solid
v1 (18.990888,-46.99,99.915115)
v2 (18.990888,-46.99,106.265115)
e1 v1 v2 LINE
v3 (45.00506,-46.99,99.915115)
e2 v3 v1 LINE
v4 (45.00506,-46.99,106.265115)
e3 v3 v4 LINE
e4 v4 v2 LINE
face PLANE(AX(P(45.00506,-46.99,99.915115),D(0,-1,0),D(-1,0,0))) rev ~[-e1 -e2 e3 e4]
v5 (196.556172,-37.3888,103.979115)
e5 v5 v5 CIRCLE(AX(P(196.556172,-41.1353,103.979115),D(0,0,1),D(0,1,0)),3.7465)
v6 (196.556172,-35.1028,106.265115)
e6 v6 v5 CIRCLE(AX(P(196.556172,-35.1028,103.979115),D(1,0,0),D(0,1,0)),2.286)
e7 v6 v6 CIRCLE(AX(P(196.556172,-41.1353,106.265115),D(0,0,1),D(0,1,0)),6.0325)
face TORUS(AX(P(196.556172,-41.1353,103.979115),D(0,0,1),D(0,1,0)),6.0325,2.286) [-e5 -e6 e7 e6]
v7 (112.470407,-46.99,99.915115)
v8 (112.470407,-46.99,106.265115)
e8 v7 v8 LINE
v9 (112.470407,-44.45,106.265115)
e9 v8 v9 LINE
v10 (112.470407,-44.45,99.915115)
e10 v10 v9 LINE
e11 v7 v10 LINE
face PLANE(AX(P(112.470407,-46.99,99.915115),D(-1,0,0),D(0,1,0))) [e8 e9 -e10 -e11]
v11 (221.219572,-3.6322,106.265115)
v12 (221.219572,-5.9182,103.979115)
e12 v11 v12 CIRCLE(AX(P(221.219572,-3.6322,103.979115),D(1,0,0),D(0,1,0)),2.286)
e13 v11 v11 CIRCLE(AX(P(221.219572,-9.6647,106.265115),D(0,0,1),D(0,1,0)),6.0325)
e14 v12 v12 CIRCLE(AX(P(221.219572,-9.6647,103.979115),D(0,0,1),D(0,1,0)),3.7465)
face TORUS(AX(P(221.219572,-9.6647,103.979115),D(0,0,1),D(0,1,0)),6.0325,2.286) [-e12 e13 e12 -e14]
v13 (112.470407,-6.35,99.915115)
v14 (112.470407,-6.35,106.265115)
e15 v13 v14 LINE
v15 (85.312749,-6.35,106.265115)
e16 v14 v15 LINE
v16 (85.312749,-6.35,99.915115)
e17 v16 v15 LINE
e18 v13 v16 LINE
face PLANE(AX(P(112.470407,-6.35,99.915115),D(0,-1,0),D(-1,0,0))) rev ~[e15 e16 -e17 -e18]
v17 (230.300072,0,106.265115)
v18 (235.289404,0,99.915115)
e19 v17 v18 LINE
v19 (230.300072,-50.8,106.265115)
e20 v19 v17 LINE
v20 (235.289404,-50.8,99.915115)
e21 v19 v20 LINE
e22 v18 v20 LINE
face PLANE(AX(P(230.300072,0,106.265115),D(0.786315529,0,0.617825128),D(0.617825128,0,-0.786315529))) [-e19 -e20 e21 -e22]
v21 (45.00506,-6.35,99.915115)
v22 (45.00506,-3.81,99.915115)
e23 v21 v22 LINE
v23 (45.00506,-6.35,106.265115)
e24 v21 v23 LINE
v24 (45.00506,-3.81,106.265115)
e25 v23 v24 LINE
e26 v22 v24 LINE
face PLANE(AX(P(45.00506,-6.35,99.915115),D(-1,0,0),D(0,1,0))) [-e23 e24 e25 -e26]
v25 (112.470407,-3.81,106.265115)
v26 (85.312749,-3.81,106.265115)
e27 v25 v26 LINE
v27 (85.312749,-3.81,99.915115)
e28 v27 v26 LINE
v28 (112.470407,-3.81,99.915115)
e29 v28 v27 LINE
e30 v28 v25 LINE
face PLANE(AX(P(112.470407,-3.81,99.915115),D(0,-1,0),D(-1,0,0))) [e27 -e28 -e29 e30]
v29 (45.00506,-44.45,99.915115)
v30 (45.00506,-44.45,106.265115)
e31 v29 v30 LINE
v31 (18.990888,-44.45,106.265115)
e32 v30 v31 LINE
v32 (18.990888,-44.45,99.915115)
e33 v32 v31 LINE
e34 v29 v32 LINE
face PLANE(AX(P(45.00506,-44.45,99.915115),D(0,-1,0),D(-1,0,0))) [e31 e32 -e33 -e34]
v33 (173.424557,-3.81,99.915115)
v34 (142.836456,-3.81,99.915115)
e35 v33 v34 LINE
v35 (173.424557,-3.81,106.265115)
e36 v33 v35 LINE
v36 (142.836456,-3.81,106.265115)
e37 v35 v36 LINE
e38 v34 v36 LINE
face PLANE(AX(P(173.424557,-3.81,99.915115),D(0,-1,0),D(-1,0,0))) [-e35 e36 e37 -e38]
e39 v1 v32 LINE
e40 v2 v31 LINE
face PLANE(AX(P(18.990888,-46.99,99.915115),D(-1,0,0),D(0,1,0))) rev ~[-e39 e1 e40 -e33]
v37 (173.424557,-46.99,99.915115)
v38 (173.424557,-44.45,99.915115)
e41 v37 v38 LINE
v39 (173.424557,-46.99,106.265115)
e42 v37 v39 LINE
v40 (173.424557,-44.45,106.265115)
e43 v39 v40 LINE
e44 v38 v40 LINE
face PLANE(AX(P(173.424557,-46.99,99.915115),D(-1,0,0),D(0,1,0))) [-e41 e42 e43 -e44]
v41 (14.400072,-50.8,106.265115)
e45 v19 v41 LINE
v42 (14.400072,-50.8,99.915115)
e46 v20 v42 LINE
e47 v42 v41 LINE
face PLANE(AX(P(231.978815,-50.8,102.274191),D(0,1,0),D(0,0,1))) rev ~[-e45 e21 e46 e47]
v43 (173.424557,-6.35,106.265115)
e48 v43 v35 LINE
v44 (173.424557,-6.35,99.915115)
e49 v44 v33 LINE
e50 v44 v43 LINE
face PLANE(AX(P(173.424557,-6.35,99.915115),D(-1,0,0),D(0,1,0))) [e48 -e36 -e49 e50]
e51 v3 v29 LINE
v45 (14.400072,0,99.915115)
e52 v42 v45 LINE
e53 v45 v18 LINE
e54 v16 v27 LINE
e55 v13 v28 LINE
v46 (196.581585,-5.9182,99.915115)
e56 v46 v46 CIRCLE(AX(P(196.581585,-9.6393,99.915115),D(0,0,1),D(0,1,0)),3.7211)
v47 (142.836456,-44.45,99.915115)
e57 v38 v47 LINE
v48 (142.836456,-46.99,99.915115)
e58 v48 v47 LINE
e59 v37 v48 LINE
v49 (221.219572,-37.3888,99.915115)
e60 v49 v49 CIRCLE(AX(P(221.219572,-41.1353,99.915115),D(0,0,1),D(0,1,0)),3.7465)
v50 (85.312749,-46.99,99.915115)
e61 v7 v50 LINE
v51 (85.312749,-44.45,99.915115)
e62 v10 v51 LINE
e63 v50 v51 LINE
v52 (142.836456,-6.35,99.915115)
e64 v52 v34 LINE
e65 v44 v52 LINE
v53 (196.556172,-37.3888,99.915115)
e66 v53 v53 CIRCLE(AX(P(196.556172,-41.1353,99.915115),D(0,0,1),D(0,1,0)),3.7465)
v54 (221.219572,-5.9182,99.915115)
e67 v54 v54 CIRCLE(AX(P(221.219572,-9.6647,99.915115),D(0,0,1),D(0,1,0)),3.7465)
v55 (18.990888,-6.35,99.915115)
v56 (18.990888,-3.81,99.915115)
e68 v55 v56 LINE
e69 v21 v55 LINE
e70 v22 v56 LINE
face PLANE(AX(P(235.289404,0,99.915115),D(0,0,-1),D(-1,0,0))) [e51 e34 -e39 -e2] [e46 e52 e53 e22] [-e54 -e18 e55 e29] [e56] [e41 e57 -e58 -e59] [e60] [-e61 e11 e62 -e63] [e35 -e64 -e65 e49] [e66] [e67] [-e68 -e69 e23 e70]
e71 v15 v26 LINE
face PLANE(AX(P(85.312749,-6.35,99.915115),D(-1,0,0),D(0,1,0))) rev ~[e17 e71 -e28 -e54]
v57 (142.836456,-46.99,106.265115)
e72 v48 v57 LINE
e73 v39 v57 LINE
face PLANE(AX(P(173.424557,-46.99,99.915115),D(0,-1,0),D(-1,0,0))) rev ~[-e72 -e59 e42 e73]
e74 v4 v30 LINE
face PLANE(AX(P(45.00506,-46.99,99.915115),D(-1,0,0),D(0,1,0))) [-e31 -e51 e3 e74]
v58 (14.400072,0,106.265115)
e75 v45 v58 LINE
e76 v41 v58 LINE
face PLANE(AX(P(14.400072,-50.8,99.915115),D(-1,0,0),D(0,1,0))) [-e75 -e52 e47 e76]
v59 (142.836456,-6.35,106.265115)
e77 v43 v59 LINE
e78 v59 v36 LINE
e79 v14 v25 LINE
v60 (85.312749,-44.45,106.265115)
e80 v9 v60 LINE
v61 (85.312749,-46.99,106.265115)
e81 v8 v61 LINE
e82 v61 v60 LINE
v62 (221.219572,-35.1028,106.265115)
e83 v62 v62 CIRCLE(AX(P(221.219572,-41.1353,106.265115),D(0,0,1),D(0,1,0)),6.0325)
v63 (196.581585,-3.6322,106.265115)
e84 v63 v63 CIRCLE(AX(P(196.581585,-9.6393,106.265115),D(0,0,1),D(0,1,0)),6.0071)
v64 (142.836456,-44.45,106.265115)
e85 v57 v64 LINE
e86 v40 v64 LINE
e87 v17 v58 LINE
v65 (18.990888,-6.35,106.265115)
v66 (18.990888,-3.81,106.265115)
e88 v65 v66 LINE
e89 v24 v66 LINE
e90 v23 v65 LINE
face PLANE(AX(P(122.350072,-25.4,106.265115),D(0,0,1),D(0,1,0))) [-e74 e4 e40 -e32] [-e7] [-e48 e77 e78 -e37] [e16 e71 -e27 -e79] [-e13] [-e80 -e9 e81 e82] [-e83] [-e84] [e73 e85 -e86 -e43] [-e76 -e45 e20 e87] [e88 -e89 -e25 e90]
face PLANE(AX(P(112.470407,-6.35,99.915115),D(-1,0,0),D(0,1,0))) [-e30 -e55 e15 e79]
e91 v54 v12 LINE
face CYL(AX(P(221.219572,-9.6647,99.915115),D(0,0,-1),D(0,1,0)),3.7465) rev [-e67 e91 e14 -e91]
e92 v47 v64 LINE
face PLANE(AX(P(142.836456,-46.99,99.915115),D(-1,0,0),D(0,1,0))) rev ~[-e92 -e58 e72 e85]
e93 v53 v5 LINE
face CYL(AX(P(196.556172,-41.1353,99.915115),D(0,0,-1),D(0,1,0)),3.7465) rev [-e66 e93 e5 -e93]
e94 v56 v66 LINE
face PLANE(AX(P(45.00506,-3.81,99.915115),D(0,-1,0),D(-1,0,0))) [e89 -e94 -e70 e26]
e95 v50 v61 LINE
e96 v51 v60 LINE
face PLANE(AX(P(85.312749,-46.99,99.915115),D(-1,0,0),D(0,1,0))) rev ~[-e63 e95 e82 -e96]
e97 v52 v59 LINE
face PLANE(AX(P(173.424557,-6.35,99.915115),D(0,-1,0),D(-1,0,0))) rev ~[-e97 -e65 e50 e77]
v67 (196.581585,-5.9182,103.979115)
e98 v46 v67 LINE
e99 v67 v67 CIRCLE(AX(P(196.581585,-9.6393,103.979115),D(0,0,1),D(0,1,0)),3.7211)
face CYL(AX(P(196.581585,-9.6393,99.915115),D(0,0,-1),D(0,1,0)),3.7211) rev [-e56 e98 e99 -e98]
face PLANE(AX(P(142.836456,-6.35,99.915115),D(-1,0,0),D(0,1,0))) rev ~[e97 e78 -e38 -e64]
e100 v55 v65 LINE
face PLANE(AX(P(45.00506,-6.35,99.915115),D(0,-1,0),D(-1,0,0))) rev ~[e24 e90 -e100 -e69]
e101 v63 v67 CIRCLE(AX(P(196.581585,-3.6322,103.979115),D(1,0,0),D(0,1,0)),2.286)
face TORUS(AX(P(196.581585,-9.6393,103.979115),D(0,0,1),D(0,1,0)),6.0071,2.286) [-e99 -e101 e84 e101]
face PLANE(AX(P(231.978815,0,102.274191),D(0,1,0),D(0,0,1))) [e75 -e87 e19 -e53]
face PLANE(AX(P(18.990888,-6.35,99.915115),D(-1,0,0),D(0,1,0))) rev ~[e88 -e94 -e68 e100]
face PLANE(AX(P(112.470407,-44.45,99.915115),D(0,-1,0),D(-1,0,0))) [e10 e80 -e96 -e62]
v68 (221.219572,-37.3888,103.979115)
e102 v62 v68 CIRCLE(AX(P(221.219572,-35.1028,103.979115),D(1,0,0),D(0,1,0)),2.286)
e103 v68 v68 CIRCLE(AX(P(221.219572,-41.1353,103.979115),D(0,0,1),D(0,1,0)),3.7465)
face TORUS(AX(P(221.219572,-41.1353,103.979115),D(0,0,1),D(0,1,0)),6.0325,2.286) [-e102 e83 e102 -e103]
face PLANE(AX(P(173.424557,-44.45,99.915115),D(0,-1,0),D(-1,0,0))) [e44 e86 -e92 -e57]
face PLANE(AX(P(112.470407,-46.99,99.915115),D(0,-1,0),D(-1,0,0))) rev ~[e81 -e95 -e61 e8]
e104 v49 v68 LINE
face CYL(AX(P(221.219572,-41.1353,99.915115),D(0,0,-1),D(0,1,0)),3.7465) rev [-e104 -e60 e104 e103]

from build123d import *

# Parameters (mm, degrees)
F0_W     = 50.8
F0_H     = 215.9
F0_R     = 3.7465
F0_W_2   = 2.54
F0_H_2   = 30.5881015956
F0_R_2   = 3.7211
F0_H_3   = 27.157658129
F0_H_4   = 26.0141715407
F1_DEPTH = 6.35
F2_ANGLE = 180
F4_DEPTH = 50.8
F5_ANGLE = 90
F6_ANGLE = -90
F7_R     = 2.286


with BuildPart() as f1:
    # F0 (on Front) → F1 (new body)
    with BuildSketch(Plane.XZ):
        with Locations((-10.9999279406, -8.0348854876)):
            Rectangle(F0_W, F0_H)
        with Locations((-26.7352279406, -106.9043854876)):
            Circle(F0_R, mode=Mode.SUBTRACT)
        with Locations((-26.7352279406, -82.2409854876)):
            Circle(F0_R, mode=Mode.SUBTRACT)
        with Locations((-31.3199279406, -43.8153201211)):
            Rectangle(F0_W_2, F0_H_2, mode=Mode.SUBTRACT)
        with Locations((4.7353720594, -106.9043854876)):
            Circle(F0_R, mode=Mode.SUBTRACT)
        with Locations((4.7607720594, -82.2663985804)):
            Circle(F0_R_2, mode=Mode.SUBTRACT)
        with Locations((9.3200720594, -43.8153201211)):
            Rectangle(F0_W_2, F0_H_2, mode=Mode.SUBTRACT)
        with Locations((-31.3199279406, 15.4236085401)):
            Rectangle(F0_W_2, F0_H_3, mode=Mode.SUBTRACT)
        with Locations((-31.3199279406, 82.3172128331)):
            Rectangle(F0_W_2, F0_H_4, mode=Mode.SUBTRACT)
        with Locations((9.3200720594, 15.4236085401)):
            Rectangle(F0_W_2, F0_H_3, mode=Mode.SUBTRACT)
        with Locations((9.3200720594, 82.3172128331)):
            Rectangle(F0_W_2, F0_H_4, mode=Mode.SUBTRACT)
    extrude(amount=F1_DEPTH)


with BuildPart() as f1_1:
    # F2: moved
    add(f1.part.rotate(Axis((-10.9999279406, 0, 99.9151145124), (1, 0, 0)), F2_ANGLE))

    # F3 (on face) → F4 (join)
    with BuildSketch(Plane.YZ.offset(14.4000720594)):
        Polygon((0, 320.8044469357), (0, 315.8151145124), (6.35, 315.8151145124), align=None)
    extrude(amount=-F4_DEPTH)


with BuildPart() as f1_2:
    # F5: moved
    add(f1_1.part.rotate(Axis((-10.9999279406, 0, 99.9151145124), (1, 0, 0)), F5_ANGLE))


with BuildPart() as f1_3:
    # F6: moved
    add(f1_2.part.rotate(Axis((14.4000720594, 0, 103.0901145124), (0, 0, -1)), F6_ANGLE))

    # F7
    f7_edges = [f1_3.edges().sort_by_distance(p)[0] for p in [
        (196.581585, -13.3604, 106.265115),
        (221.219572, -13.4112, 106.265115),
        (196.556172, -44.8818, 106.265115),
        (221.219572, -44.8818, 106.265115),
    ]]
    fillet(f7_edges, radius=F7_R)


solid = f1_3.part
